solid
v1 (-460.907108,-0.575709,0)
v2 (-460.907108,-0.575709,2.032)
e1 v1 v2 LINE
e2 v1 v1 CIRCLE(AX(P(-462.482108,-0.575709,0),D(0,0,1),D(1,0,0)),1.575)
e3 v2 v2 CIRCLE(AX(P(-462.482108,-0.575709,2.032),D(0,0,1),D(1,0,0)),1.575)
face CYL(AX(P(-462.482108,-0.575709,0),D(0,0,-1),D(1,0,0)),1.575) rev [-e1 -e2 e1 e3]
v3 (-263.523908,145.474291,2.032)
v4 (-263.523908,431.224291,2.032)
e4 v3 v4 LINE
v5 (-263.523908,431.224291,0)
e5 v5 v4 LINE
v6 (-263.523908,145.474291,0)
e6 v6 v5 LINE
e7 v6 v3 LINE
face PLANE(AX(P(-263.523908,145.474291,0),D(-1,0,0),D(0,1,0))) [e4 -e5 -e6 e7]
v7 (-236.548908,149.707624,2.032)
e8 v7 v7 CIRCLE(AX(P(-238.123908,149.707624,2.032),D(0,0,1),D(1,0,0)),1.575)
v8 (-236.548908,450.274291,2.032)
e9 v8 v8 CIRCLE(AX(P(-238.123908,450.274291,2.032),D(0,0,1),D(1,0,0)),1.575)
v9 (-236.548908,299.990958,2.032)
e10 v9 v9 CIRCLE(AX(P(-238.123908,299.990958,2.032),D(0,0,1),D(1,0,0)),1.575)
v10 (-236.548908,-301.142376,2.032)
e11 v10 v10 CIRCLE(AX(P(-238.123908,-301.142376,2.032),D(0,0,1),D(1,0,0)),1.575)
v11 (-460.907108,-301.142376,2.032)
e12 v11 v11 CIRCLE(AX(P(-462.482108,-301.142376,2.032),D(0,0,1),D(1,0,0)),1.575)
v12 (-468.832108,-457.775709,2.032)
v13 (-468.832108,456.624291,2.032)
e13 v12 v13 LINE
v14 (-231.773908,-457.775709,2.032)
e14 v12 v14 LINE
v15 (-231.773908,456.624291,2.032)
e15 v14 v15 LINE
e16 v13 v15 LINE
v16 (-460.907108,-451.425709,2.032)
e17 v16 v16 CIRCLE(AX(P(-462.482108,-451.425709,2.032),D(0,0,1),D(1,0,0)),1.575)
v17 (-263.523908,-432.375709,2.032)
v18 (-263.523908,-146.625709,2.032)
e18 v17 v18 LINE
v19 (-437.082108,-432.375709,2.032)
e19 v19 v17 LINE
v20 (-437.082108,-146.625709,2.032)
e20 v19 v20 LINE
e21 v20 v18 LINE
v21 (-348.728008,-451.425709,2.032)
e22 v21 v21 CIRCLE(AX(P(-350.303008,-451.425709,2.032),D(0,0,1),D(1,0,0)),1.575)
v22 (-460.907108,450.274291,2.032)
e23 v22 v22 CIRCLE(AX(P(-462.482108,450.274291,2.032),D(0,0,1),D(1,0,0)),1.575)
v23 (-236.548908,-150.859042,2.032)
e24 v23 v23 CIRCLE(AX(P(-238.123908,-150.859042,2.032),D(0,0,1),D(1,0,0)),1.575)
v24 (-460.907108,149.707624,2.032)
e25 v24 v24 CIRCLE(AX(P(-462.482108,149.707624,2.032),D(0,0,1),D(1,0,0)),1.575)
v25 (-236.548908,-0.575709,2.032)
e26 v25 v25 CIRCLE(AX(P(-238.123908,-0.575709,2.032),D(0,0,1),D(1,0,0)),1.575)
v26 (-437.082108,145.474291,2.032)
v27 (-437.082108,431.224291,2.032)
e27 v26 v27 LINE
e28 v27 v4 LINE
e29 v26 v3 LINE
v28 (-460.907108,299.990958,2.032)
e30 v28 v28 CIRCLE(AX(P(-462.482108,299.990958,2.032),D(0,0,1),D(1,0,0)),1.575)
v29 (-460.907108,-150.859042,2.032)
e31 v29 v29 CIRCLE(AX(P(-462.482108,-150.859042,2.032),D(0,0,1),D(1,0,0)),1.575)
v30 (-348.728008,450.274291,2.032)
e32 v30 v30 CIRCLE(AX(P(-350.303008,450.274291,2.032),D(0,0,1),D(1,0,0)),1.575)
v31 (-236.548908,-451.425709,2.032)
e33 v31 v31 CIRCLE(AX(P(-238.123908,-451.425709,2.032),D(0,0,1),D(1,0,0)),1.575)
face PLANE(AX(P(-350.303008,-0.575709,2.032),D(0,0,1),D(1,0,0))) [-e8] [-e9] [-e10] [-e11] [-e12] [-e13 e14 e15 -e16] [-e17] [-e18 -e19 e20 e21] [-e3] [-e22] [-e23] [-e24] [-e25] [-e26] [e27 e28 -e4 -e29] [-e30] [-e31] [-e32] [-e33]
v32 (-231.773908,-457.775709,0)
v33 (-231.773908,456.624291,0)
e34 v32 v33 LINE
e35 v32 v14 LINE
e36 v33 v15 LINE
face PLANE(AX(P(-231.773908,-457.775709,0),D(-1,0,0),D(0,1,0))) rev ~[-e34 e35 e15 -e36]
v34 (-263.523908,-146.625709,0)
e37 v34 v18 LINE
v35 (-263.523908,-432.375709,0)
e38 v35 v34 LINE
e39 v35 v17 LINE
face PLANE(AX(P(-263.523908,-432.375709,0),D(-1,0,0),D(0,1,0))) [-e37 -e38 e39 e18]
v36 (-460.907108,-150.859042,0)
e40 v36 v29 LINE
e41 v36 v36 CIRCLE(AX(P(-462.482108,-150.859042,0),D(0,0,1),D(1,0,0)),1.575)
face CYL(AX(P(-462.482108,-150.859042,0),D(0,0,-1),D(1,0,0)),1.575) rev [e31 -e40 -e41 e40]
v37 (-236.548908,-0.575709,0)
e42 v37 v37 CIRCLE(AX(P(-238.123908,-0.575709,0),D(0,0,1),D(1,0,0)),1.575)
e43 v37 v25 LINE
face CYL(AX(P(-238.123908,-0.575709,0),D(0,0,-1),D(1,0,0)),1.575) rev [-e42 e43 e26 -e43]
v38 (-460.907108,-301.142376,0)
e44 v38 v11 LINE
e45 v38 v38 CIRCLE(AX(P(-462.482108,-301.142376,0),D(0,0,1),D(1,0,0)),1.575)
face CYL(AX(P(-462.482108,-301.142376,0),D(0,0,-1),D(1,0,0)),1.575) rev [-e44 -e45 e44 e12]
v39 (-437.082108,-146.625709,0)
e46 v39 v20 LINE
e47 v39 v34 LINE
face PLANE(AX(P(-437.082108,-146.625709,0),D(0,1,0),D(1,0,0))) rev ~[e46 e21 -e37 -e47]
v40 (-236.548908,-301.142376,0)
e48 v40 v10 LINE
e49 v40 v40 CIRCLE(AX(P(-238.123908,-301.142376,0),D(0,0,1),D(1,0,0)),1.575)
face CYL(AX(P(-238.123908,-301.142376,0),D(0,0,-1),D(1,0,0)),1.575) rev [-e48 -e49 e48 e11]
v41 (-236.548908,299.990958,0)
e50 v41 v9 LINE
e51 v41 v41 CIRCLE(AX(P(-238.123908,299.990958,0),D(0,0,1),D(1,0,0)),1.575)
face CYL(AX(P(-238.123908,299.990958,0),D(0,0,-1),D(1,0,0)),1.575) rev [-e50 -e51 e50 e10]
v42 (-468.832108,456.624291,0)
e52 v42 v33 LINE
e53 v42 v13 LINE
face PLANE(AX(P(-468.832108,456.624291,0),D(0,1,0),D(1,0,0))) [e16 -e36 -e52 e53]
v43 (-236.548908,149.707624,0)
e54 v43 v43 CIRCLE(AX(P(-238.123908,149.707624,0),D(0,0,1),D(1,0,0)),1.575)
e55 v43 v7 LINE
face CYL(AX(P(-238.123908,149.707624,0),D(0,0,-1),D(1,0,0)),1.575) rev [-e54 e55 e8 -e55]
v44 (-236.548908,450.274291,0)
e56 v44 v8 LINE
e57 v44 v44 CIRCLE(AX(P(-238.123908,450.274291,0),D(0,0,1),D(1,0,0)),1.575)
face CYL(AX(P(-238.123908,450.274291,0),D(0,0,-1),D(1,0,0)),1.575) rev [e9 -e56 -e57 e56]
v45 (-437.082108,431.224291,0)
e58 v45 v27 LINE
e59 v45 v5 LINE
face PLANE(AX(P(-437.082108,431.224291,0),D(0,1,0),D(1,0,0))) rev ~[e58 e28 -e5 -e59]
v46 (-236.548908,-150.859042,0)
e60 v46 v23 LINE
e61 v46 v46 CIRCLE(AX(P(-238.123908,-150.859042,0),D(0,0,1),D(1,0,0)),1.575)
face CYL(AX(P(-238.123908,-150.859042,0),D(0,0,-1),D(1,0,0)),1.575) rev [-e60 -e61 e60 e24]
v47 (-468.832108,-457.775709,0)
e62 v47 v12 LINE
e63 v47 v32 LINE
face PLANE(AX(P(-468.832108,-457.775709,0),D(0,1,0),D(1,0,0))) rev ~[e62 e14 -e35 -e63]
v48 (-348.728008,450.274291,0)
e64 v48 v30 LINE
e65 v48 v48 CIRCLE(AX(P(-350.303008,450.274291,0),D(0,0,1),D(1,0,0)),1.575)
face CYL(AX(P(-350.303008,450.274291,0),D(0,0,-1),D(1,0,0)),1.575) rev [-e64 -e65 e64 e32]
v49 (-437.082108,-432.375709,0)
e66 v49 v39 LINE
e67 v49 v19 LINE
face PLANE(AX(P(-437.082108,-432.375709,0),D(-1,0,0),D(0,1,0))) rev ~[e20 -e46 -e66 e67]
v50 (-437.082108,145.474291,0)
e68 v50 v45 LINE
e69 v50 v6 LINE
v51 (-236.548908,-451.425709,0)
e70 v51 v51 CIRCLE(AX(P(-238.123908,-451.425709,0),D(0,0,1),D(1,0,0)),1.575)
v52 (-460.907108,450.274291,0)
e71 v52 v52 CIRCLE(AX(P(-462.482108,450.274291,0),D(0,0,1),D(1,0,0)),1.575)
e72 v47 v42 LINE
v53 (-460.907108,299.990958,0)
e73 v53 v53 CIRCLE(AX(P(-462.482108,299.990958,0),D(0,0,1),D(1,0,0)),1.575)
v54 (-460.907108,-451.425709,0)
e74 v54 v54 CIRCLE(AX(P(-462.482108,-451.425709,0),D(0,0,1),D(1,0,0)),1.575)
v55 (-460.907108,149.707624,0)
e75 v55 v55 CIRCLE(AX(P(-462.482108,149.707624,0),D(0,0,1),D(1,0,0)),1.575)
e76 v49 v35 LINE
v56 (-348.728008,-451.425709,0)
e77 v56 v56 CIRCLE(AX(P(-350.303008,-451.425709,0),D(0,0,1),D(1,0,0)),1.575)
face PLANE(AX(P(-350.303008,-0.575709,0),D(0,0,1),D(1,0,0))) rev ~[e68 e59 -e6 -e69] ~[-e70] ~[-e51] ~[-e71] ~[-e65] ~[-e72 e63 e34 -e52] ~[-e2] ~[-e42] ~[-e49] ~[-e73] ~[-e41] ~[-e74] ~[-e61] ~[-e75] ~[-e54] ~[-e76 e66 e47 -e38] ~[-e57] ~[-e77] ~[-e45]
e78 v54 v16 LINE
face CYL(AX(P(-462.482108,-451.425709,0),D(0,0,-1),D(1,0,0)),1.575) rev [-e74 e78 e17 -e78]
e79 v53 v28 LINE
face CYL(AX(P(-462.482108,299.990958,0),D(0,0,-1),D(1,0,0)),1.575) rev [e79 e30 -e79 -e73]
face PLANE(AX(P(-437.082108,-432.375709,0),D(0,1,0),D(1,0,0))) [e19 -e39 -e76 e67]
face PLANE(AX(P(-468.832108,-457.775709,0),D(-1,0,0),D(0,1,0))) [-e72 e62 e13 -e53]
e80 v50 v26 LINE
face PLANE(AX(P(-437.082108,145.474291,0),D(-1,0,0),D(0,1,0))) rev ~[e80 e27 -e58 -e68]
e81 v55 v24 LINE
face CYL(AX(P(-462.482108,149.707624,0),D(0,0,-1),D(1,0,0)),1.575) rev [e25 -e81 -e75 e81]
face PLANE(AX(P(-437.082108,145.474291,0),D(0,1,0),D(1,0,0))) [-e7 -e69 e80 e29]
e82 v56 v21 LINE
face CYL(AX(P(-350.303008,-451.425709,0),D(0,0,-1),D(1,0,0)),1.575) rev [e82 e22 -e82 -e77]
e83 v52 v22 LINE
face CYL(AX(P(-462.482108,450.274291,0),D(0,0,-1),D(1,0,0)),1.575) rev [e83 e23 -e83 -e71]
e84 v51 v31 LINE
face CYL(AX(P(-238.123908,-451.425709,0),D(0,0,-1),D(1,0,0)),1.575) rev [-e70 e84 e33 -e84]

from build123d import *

# Parameters (mm, degrees)
F0_W     = 237.0582
F0_H     = 914.4
F0_R     = 1.575
F0_W_2   = 173.5582
F0_H_2   = 285.75
F1_DEPTH = 2.032


with BuildPart() as f1:
    # F0 (on Top) → F1 (new body)
    with BuildSketch(Plane.XY):
        with Locations((-350.303008, -0.575709)):
            Rectangle(F0_W, F0_H)
        with Locations((-462.482108, -451.425709)):
            Circle(F0_R, mode=Mode.SUBTRACT)
        with Locations((-462.482108, -301.142376)):
            Circle(F0_R, mode=Mode.SUBTRACT)
        with Locations((-462.482108, -150.859042)):
            Circle(F0_R, mode=Mode.SUBTRACT)
        with Locations((-350.303008, -451.425709)):
            Circle(F0_R, mode=Mode.SUBTRACT)
        with Locations((-350.303008, -289.500709)):
            Rectangle(F0_W_2, F0_H_2, mode=Mode.SUBTRACT)
        with Locations((-238.123908, -451.425709)):
            Circle(F0_R, mode=Mode.SUBTRACT)
        with Locations((-238.123908, -301.142376)):
            Circle(F0_R, mode=Mode.SUBTRACT)
        with Locations((-238.123908, -150.859042)):
            Circle(F0_R, mode=Mode.SUBTRACT)
        with Locations((-462.482108, -0.575709)):
            Circle(F0_R, mode=Mode.SUBTRACT)
        with Locations((-462.482108, 149.707624)):
            Circle(F0_R, mode=Mode.SUBTRACT)
        with Locations((-462.482108, 299.990958)):
            Circle(F0_R, mode=Mode.SUBTRACT)
        with Locations((-462.482108, 450.274291)):
            Circle(F0_R, mode=Mode.SUBTRACT)
        with Locations((-238.123908, -0.575709)):
            Circle(F0_R, mode=Mode.SUBTRACT)
        with Locations((-238.123908, 149.707624)):
            Circle(F0_R, mode=Mode.SUBTRACT)
        with Locations((-350.303008, 288.349291)):
            Rectangle(F0_W_2, F0_H_2, mode=Mode.SUBTRACT)
        with Locations((-350.303008, 450.274291)):
            Circle(F0_R, mode=Mode.SUBTRACT)
        with Locations((-238.123908, 299.990958)):
            Circle(F0_R, mode=Mode.SUBTRACT)
        with Locations((-238.123908, 450.274291)):
            Circle(F0_R, mode=Mode.SUBTRACT)
    extrude(amount=F1_DEPTH)


solid = f1.part
